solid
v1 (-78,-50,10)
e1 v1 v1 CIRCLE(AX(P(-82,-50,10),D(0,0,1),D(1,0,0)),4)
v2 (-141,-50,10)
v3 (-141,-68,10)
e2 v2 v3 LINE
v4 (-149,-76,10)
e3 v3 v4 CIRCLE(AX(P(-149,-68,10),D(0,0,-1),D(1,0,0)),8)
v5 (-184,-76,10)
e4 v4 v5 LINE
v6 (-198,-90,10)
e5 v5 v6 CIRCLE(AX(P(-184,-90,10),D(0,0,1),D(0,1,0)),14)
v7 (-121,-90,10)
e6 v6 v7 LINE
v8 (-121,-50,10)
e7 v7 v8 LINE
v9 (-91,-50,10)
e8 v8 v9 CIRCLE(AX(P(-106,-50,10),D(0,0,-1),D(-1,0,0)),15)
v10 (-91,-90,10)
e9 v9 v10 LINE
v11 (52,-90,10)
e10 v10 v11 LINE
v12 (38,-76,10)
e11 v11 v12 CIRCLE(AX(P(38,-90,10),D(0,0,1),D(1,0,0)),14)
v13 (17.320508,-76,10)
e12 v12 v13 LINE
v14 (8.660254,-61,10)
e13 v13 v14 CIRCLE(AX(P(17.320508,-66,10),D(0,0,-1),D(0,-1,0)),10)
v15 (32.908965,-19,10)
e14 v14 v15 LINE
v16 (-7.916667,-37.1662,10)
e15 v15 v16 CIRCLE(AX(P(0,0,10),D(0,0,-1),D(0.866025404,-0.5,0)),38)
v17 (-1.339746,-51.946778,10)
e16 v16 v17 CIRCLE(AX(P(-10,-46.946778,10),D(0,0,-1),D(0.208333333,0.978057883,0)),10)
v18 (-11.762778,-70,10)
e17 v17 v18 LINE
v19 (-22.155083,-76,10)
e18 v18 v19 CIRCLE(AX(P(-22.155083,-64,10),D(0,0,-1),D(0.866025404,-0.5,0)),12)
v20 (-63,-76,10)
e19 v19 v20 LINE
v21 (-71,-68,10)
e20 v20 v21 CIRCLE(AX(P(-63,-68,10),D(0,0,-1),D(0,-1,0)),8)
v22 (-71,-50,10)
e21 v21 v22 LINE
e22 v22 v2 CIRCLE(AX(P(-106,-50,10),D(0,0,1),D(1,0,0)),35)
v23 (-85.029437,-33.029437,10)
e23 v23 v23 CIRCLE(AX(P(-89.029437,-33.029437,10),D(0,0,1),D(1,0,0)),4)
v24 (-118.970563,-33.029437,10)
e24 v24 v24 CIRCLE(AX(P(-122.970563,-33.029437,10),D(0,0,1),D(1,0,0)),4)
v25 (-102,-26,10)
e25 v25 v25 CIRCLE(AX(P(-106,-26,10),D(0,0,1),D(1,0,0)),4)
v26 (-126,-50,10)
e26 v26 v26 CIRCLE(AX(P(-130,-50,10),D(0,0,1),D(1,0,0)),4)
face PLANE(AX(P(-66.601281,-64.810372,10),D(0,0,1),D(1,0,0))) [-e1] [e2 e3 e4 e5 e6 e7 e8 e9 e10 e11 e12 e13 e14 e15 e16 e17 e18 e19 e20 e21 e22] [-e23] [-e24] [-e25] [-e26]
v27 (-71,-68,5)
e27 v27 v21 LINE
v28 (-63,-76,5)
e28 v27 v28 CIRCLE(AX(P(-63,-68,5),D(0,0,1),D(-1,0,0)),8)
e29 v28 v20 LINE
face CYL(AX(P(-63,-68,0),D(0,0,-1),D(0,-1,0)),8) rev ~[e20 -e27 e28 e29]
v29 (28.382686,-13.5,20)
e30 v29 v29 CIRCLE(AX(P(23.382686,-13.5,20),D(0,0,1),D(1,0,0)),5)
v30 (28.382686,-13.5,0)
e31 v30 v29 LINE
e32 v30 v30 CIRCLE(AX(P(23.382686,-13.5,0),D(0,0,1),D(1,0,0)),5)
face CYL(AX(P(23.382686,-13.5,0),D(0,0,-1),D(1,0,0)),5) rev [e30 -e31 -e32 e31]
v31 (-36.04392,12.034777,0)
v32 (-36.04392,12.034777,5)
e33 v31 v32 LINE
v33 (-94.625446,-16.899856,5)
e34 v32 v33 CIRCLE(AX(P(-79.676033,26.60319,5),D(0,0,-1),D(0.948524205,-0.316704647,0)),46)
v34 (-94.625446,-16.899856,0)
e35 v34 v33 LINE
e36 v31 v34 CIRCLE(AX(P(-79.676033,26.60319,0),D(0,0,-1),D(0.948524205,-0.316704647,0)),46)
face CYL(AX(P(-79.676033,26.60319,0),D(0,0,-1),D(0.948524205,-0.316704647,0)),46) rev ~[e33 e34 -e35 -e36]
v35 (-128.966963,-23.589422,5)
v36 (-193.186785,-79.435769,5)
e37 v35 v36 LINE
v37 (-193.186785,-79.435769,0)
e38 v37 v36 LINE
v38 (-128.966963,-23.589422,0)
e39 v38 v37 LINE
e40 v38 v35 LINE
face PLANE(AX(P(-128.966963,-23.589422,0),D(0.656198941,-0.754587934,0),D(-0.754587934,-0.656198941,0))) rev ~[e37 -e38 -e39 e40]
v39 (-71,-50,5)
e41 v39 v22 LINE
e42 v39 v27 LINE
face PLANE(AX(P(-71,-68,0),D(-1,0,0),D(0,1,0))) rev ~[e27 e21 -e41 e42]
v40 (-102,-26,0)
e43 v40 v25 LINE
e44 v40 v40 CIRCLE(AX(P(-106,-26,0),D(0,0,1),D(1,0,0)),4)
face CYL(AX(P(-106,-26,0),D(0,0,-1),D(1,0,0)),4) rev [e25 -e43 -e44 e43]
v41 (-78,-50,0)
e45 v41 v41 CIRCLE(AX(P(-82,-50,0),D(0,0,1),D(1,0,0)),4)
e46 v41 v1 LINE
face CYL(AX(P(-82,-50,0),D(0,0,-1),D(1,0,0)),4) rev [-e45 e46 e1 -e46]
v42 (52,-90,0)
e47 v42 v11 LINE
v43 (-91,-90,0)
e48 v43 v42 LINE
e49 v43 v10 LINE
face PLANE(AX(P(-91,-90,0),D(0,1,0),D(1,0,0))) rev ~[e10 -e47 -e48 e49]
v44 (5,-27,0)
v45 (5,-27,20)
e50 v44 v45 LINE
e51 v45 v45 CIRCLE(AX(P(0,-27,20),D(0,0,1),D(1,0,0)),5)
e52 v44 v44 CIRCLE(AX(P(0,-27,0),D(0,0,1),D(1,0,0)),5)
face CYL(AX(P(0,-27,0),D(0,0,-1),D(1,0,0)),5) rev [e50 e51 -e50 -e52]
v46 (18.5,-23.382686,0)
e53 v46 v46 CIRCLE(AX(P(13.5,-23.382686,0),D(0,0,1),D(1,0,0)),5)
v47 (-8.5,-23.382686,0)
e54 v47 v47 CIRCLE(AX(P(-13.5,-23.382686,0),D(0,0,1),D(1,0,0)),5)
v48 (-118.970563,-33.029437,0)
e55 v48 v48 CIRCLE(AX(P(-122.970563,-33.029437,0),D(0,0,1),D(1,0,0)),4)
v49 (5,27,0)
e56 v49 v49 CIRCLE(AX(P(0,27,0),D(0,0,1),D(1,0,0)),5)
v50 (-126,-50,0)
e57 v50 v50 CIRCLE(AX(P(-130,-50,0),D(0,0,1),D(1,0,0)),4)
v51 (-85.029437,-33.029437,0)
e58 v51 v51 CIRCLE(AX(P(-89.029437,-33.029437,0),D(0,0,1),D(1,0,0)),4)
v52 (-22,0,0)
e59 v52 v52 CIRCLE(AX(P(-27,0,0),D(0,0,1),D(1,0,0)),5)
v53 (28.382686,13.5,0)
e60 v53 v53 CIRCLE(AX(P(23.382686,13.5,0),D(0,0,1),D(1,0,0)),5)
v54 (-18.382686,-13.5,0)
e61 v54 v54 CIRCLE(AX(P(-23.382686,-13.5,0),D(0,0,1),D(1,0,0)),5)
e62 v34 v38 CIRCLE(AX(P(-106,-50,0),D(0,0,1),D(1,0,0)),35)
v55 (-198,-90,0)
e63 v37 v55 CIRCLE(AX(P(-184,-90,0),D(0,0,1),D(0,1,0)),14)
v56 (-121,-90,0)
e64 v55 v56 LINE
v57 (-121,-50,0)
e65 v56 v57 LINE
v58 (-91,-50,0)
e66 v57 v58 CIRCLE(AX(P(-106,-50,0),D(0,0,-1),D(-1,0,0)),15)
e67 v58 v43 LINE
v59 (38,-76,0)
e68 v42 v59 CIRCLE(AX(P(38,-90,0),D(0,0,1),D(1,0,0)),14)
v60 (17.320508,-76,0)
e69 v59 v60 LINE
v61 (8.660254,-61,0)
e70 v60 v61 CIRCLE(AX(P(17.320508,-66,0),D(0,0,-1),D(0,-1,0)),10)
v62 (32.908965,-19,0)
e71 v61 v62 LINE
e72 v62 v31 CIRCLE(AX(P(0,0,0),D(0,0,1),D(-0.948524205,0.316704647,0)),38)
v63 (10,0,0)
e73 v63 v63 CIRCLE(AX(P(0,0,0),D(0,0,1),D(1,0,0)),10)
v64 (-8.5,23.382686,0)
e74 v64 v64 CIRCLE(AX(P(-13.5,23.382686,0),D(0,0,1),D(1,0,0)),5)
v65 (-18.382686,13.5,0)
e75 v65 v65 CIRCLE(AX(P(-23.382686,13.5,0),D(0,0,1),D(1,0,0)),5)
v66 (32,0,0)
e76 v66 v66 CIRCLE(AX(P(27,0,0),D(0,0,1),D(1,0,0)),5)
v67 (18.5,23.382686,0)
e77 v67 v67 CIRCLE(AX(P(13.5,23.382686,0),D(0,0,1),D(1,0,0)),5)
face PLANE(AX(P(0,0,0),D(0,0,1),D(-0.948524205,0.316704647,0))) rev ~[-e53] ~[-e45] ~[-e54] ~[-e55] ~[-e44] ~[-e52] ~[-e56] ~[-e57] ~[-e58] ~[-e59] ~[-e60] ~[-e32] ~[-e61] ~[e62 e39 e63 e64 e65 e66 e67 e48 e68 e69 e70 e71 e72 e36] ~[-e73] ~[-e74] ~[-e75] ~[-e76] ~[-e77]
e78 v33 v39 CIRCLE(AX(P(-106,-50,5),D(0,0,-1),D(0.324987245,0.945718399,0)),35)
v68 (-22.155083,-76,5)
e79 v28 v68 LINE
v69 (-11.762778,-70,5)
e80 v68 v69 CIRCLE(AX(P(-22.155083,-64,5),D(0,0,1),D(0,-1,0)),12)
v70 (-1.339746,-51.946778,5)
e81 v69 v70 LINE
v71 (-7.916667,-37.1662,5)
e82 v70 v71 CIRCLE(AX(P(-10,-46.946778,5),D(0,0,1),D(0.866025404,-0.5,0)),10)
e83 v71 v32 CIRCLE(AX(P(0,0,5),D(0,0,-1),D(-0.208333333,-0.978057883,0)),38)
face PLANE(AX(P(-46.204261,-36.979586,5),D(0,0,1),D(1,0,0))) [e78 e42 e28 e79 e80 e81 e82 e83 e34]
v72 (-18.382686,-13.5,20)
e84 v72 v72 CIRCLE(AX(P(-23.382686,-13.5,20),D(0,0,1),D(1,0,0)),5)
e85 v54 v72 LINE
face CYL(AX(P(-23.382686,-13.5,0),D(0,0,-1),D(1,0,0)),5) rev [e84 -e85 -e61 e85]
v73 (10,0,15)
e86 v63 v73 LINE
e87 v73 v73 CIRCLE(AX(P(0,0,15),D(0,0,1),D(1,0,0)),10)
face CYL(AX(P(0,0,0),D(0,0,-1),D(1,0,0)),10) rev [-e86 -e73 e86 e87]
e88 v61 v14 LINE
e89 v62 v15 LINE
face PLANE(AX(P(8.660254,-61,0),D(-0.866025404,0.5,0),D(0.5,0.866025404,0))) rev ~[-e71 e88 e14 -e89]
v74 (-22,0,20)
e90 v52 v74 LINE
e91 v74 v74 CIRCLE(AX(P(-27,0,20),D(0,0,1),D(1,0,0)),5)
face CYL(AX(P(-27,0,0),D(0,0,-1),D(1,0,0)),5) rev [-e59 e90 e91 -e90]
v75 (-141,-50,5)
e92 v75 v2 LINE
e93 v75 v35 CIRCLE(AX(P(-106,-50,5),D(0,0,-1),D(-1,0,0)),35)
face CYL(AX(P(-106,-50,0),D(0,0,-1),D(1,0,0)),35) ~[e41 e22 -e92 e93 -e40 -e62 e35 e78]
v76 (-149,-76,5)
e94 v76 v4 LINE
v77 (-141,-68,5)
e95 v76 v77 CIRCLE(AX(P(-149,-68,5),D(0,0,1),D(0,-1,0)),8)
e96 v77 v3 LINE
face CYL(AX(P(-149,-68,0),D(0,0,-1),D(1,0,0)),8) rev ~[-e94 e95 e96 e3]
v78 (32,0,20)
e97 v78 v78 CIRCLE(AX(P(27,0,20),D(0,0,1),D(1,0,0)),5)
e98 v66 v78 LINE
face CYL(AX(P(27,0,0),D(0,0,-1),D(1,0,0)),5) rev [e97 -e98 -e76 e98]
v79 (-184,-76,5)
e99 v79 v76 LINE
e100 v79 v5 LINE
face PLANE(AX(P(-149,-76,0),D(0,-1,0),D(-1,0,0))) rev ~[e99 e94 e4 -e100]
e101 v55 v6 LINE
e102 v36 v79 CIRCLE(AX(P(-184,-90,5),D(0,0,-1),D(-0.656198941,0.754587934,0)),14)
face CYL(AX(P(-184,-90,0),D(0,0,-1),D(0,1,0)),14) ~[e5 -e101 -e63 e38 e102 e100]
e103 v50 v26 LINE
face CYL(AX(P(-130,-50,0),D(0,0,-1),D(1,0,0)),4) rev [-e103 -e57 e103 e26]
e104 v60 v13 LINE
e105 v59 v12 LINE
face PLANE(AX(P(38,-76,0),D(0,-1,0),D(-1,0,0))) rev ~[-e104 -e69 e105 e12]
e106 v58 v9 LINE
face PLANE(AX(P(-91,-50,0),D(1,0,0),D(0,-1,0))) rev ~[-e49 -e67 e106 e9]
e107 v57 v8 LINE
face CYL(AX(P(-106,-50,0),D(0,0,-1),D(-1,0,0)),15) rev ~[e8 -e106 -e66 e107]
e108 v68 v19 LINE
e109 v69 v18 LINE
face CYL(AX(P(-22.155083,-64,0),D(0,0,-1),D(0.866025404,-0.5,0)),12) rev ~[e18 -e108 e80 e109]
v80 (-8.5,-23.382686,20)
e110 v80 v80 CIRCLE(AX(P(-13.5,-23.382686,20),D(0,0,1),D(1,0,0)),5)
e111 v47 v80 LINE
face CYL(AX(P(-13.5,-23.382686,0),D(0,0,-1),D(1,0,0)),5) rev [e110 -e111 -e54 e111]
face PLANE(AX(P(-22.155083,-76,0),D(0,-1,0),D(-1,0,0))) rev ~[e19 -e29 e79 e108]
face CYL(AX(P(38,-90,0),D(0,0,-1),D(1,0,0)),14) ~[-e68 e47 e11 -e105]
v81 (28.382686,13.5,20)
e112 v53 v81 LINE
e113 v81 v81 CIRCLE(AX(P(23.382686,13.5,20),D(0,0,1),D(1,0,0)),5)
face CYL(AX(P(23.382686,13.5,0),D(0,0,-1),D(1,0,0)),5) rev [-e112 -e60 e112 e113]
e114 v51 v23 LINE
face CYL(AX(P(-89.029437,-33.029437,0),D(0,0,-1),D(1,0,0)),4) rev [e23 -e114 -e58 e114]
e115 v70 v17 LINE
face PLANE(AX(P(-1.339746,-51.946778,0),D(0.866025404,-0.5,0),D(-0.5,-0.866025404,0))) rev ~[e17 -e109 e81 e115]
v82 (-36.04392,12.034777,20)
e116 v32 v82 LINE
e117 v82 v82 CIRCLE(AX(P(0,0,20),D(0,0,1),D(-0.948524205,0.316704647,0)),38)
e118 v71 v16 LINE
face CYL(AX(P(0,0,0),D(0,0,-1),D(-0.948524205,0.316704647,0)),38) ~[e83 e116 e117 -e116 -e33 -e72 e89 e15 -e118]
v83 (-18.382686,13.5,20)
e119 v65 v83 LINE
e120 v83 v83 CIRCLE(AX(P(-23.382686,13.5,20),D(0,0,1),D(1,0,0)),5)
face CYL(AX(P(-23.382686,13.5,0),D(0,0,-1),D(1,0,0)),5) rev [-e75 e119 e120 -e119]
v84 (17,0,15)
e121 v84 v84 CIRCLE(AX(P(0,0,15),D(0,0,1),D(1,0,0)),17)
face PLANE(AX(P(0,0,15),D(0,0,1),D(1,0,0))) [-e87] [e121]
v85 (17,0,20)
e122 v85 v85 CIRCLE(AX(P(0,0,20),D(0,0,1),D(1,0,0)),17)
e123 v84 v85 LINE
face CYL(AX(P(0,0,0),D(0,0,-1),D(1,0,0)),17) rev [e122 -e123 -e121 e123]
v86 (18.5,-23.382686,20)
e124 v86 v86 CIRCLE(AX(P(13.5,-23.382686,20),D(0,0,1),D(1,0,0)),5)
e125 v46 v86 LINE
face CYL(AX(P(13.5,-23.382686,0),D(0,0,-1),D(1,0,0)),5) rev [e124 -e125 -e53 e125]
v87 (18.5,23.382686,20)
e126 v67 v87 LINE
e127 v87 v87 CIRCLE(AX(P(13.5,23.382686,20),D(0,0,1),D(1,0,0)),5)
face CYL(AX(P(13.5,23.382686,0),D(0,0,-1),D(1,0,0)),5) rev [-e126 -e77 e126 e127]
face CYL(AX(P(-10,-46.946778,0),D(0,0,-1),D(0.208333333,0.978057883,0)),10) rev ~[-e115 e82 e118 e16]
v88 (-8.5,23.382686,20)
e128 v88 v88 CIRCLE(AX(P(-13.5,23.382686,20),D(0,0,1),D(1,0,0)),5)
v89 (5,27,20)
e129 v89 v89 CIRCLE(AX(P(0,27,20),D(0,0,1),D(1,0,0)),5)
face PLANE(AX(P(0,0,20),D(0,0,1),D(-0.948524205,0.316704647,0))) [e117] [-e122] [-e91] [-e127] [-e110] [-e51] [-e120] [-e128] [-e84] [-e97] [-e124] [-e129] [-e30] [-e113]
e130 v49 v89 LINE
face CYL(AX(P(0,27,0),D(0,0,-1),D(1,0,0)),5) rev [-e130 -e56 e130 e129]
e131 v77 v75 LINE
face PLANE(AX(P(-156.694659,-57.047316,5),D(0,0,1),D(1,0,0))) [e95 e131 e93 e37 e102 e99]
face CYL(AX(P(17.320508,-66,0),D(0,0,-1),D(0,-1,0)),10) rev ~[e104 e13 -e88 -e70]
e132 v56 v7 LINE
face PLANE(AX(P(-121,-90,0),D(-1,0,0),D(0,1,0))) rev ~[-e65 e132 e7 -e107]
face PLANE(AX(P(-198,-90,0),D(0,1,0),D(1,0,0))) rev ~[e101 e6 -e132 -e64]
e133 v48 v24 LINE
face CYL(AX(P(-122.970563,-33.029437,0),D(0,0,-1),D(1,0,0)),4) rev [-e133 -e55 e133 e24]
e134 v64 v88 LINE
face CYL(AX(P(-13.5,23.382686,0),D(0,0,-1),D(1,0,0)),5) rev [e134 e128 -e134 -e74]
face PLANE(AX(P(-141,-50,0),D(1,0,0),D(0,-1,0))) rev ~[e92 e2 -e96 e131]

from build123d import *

# Parameters (mm, degrees)
SKETCH_1_R      = 4
EXTRUDE_1_DEPTH = 10
EXTRUDE_2_DEPTH = 5
SKETCH_1_4_R    = 17
SKETCH_1_4_R_2  = 10
EXTRUDE_3_DEPTH = 15
SKETCH_1_5_R    = 38
SKETCH_1_5_R_2  = 5
SKETCH_1_5_R_3  = 17
EXTRUDE_4_DEPTH = 20


with BuildPart() as part:
    # Эскиз1 → Бобышка-Вытянуть1 (new body)
    with BuildSketch(Plane.XY):
        with BuildLine():
            Line((-198, -90), (-121, -90))
            Line((-121, -90), (-121, -50))
            ThreePointArc((-121, -50), (-106, -35), (-91, -50))
            Line((-91, -50), (-91, -90))
            Line((-91, -90), (52, -90))
            ThreePointArc((52, -90), (47.899494937, -80.100505063), (38, -76))
            Line((38, -76), (17.320508076, -76))
            ThreePointArc((17.320508076, -76), (8.660254038, -71), (8.660254038, -61))
            Line((8.660254038, -61), (32.908965344, -19))
            ThreePointArc((32.908965344, -19), (15.44850963, -34.718057984), (-7.916666667, -37.166199549))
            ThreePointArc((-7.916666667, -37.166199549), (-0.863668952, -42.881381106), (-1.339745962, -51.946778377))
            Line((-1.339745962, -51.946778377), (-11.762778326, -70))
            ThreePointArc((-11.762778326, -70), (-16.155083171, -74.392304845), (-22.155083171, -76))
            Line((-22.155083171, -76), (-63, -76))
            ThreePointArc((-63, -76), (-68.656854249, -73.656854249), (-71, -68))
            Line((-71, -68), (-71, -50))
            ThreePointArc((-71, -50), (-106, -15), (-141, -50))
            Line((-141, -50), (-141, -68))
            ThreePointArc((-141, -68), (-143.343145751, -73.656854249), (-149, -76))
            Line((-149, -76), (-184, -76))
            ThreePointArc((-184, -76), (-193.899494937, -80.100505063), (-198, -90))
        make_face()
        with Locations((-130, -50)):
            Circle(SKETCH_1_R, mode=Mode.SUBTRACT)
        with Locations((-82, -50)):
            Circle(SKETCH_1_R, mode=Mode.SUBTRACT)
        with Locations((-122.970562748, -33.029437252)):
            Circle(SKETCH_1_R, mode=Mode.SUBTRACT)
        with Locations((-89.029437252, -33.029437252)):
            Circle(SKETCH_1_R, mode=Mode.SUBTRACT)
        with Locations((-106, -26)):
            Circle(SKETCH_1_R, mode=Mode.SUBTRACT)
    extrude(amount=EXTRUDE_1_DEPTH)

    # Эскиз1<3> → Бобышка-Вытянуть2 (add)
    with BuildSketch(Plane.XY):
        with BuildLine():
            Line((-128.966962921, -23.589422305), (-193.186785168, -79.435768922))
            ThreePointArc((-193.186785168, -79.435768922), (-188.904118927, -76.887043905), (-184, -76))
            Line((-184, -76), (-149, -76))
            ThreePointArc((-149, -76), (-143.343145751, -73.656854249), (-141, -68))
            Line((-141, -68), (-141, -50))
            ThreePointArc((-141, -50), (-137.849989813, -35.488688933), (-128.966962921, -23.589422305))
        make_face()
        with BuildLine():
            ThreePointArc((-36.043919772, 12.034776584), (-59.305035094, -14.640262917), (-94.625446436, -16.899856024))
            ThreePointArc((-94.625446436, -16.899856024), (-77.512201079, -29.666645318), (-71, -50))
            Line((-71, -50), (-71, -68))
            ThreePointArc((-71, -68), (-68.656854249, -73.656854249), (-63, -76))
            Line((-63, -76), (-22.155083171, -76))
            ThreePointArc((-22.155083171, -76), (-16.155083171, -74.392304845), (-11.762778326, -70))
            Line((-11.762778326, -70), (-1.339745962, -51.946778377))
            ThreePointArc((-1.339745962, -51.946778377), (-0.863668952, -42.881381106), (-7.916666667, -37.166199549))
            ThreePointArc((-7.916666667, -37.166199549), (-32.989654486, -18.859551874), (-36.043919772, 12.034776584))
        make_face()
    extrude(amount=EXTRUDE_2_DEPTH)



with BuildPart() as body_2:
    # Эскиз1<4> → Бобышка-Вытянуть3 (new body)
    with BuildSketch(Plane.XY):
        Circle(SKETCH_1_4_R)
        Circle(SKETCH_1_4_R_2, mode=Mode.SUBTRACT)
    extrude(amount=EXTRUDE_3_DEPTH)


with BuildPart() as part_1:
    add(part.part)

    add(body_2.part)  # Бобышка-Вытянуть4 merges body 2
    # Эскиз1<5> → Бобышка-Вытянуть4 (add)
    with BuildSketch(Plane.XY):
        with Locations(Location((0, 0, 0), (0, 0, 161.536247512))):
            Circle(SKETCH_1_5_R)
        with Locations((-13.5, 23.382685902)):
            Circle(SKETCH_1_5_R_2, mode=Mode.SUBTRACT)
        with Locations((-23.382685902, 13.5)):
            Circle(SKETCH_1_5_R_2, mode=Mode.SUBTRACT)
        with Locations((-27, 0)):
            Circle(SKETCH_1_5_R_2, mode=Mode.SUBTRACT)
        with Locations((-23.382685902, -13.5)):
            Circle(SKETCH_1_5_R_2, mode=Mode.SUBTRACT)
        with Locations((-13.5, -23.382685902)):
            Circle(SKETCH_1_5_R_2, mode=Mode.SUBTRACT)
        with Locations((0, -27)):
            Circle(SKETCH_1_5_R_2, mode=Mode.SUBTRACT)
        with Locations((13.5, -23.382685902)):
            Circle(SKETCH_1_5_R_2, mode=Mode.SUBTRACT)
        with Locations((23.382685902, -13.5)):
            Circle(SKETCH_1_5_R_2, mode=Mode.SUBTRACT)
        with Locations((27, 0)):
            Circle(SKETCH_1_5_R_2, mode=Mode.SUBTRACT)
        with Locations((23.382685902, 13.5)):
            Circle(SKETCH_1_5_R_2, mode=Mode.SUBTRACT)
        with Locations((13.5, 23.382685902)):
            Circle(SKETCH_1_5_R_2, mode=Mode.SUBTRACT)
        with Locations((0, 27)):
            Circle(SKETCH_1_5_R_2, mode=Mode.SUBTRACT)
        Circle(SKETCH_1_5_R_3, mode=Mode.SUBTRACT)
    extrude(amount=EXTRUDE_4_DEPTH)


solid = part_1.part
